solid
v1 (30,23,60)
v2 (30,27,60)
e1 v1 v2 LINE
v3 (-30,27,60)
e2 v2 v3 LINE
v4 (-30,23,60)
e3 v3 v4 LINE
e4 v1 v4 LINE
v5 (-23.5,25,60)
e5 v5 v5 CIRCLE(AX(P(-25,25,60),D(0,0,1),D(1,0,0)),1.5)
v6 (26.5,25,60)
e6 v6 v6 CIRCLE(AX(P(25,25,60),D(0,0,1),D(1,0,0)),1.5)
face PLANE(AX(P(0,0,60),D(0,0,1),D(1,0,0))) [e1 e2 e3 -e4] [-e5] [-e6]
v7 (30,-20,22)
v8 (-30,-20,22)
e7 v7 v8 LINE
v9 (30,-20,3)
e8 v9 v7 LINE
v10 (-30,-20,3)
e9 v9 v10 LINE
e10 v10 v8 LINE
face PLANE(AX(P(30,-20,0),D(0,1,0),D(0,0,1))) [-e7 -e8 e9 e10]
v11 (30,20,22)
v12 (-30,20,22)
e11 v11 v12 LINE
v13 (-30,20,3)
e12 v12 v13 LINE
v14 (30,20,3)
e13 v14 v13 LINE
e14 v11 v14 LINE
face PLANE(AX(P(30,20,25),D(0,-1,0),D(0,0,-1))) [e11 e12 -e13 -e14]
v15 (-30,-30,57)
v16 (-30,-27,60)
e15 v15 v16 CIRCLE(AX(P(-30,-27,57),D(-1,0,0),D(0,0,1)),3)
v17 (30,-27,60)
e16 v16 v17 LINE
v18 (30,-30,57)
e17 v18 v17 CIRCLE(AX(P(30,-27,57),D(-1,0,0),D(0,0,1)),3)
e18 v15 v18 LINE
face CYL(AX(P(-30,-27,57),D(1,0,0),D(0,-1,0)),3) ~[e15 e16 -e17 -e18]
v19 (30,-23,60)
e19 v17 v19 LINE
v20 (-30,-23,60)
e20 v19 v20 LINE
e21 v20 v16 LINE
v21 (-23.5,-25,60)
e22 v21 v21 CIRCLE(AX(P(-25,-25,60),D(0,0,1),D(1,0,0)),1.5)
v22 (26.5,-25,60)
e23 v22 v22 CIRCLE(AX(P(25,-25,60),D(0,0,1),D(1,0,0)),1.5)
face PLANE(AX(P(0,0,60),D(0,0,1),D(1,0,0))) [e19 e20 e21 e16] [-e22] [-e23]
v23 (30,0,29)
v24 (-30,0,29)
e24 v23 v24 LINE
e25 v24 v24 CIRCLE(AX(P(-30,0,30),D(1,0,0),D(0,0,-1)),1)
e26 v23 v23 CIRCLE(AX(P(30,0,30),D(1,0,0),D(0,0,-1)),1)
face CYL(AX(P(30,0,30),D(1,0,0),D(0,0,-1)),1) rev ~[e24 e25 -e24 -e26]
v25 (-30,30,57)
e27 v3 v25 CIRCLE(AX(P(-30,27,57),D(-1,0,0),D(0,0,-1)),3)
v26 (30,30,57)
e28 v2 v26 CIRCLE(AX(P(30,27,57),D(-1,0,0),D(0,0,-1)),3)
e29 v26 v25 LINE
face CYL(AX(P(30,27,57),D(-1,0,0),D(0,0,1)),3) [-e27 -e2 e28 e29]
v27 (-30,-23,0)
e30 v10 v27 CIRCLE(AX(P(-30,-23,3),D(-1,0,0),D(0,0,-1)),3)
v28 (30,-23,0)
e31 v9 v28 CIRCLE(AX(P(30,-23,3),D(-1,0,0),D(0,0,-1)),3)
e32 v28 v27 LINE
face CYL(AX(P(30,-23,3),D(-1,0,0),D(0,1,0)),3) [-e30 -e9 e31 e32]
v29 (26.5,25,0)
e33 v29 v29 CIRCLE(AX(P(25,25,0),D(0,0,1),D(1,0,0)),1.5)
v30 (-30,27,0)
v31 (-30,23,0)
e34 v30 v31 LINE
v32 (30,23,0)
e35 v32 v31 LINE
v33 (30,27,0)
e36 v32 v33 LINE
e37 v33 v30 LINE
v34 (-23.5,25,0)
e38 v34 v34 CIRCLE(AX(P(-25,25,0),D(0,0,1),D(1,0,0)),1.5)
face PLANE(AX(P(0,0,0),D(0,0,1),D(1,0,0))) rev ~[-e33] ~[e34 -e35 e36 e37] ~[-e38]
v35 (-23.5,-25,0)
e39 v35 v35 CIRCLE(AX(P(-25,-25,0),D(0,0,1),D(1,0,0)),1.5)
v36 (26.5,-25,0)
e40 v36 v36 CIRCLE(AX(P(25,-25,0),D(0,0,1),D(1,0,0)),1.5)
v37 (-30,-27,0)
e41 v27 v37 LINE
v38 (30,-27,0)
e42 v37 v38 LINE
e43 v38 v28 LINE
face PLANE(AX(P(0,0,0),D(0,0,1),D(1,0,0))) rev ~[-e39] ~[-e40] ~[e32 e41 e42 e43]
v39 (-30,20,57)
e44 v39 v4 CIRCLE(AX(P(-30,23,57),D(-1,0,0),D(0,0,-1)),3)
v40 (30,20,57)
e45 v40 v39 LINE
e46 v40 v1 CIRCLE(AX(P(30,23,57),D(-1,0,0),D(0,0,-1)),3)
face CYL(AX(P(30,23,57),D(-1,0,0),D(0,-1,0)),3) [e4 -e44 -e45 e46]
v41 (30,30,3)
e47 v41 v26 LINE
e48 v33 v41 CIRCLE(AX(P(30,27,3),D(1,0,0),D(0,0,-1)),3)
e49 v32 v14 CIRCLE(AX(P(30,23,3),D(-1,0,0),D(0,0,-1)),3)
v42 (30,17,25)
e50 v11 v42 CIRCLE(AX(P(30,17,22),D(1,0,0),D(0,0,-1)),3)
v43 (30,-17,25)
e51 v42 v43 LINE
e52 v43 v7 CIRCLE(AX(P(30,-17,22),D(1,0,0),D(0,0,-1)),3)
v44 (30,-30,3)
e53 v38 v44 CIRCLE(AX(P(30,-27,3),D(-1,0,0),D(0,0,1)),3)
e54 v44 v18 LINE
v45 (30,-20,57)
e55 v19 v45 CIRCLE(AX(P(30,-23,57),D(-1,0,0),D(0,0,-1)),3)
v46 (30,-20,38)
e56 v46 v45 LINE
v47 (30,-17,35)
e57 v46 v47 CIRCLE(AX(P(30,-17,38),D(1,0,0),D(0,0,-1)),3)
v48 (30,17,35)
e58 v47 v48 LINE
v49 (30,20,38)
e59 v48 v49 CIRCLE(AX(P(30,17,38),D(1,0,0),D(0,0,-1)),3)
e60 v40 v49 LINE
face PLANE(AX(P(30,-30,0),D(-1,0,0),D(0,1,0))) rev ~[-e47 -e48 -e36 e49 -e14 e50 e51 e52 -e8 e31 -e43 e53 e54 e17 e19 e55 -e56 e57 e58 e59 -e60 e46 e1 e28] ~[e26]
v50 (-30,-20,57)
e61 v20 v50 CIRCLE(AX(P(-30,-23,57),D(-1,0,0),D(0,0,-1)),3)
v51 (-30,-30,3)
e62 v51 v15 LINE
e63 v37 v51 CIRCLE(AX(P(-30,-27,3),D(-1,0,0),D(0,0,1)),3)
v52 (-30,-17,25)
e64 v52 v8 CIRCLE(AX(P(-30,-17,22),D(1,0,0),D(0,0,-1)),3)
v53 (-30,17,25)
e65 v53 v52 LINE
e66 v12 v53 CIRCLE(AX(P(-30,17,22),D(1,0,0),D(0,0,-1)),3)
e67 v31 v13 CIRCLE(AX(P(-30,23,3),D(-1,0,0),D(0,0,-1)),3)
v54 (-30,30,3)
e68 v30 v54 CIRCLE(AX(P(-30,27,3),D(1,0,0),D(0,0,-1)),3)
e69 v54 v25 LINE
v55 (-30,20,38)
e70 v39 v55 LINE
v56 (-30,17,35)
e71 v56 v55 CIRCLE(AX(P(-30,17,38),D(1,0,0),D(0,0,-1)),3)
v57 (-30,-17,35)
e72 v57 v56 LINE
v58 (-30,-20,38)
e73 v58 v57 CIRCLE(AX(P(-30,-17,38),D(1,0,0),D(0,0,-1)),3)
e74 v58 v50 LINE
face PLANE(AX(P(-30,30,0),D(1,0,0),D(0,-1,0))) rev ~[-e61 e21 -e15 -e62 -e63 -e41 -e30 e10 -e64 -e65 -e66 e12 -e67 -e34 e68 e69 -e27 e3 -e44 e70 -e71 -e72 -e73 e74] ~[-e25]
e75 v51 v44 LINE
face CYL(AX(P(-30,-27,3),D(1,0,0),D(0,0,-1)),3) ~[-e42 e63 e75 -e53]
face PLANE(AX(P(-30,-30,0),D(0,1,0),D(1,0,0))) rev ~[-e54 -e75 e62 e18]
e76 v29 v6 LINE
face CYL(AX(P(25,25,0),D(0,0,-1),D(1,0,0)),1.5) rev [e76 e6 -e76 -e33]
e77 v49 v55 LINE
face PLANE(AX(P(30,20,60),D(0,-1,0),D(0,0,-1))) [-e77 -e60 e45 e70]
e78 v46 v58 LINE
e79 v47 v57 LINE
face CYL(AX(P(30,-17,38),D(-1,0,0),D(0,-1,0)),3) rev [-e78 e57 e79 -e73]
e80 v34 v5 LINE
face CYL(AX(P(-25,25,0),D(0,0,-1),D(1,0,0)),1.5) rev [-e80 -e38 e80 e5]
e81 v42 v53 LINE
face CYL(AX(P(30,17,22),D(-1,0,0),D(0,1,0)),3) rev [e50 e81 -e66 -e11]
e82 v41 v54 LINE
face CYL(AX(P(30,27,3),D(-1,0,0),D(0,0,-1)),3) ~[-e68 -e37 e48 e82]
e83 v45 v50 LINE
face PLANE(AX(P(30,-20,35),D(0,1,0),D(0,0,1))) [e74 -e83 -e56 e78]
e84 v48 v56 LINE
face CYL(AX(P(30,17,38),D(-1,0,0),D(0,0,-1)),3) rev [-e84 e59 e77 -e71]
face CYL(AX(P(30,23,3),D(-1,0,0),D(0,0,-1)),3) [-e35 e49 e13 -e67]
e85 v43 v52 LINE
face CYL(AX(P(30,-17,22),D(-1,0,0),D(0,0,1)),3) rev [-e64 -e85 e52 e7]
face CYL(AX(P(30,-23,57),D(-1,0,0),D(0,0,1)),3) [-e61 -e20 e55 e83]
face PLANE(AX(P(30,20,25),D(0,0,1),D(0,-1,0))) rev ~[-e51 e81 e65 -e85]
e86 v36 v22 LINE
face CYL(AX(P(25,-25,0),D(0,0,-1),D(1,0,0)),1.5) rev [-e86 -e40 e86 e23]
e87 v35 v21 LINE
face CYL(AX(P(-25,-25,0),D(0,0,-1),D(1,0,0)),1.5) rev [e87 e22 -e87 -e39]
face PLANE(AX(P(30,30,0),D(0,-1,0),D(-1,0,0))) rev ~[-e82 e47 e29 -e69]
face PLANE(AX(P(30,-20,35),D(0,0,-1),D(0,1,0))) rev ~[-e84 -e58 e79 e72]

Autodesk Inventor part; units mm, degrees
ref_plane "YZ Plane" through (0, 0, 0) normal (1, 0, 0) x (0, 1, 0)
ref_plane "XZ Plane" through (0, 0, 0) normal (0, 1, 0) x (-1, 0, 0)
ref_plane "XY Plane" through (0, 0, 0) normal (0, 0, 1) x (1, 0, 0)
sketch "Sketch1" plane through (0, 0, 0) normal (0, 0, 1) x (1, 0, 0)
  line L0 (-30, -30) -> (30, -30)
  line L1 (30, -30) -> (30, 30)
  line L2 (30, 30) -> (-30, 30)
  line L3 (-30, 30) -> (-30, -30)
  line L4 (-30, -30) -> (30, 30) construction
  line L5 (30, -30) -> (-30, 30) construction
  line L6 (30, 30) -> (25, 30) construction
  line L7 (25, 30) -> (25, 25) construction
  line L8 (-30, 30) -> (-25, 30) construction
  line L9 (-25, 30) -> (-25, 25) construction
  line L10 (-30, -30) -> (-30, -25) construction
  line L11 (-30, -25) -> (-25, -25) construction
  line L12 (30, -30) -> (30, -25) construction
  line L13 (30, -25) -> (25, -25) construction
  circle A0 centre (-25, 25) radius 1.5
  circle A1 centre (25, 25) radius 1.5
  circle A2 centre (25, -25) radius 1.5
  circle A3 centre (-25, -25) radius 1.5
  point P0 (0, 0)
  dimension "d0" = 60
  dimension "d1" = 60
  dimension "d2" = 5
  dimension "d3" = 5
  dimension "d4" = 5
  dimension "d5" = 5
  dimension "d6" = 5
  dimension "d7" = 5
  dimension "d8" = 5
  dimension "d9" = 5
  dimension "d10" = 3
  dimension "d11" = 3
  dimension "d12" = 3
  dimension "d13" = 3
extrude "Block" add sketch "Sketch1" along normal blind 60
sketch "Sketch2" plane through (30, -30, 0) normal (1, 0, 0) x (0, 0, -1)
  line L0 (0, 0) -> (0, 60) construction
  line L1 (-60, 0) -> (0, 60) construction
  circle A0 centre (-30, 30) radius 1
  point P0 (0, 30)
  dimension "d17" = 2
extrude "Motor Mount" cut sketch "Sketch2" against normal blind 60
sketch "Sketch3" plane through (30, -30, 0) normal (1, 0, 0) x (0, 0, -1)
  line L0 (0, 60) -> (-60, 60) construction
  line L1 (-60, 60) -> (-60, 50) construction
  line L2 (-60, 60) -> (-60, 0) construction
  line L3 (-60, 50) -> (0, 50) construction
  line L4 (0, 60) -> (0, 0) construction
  line L5 (-60, 0) -> (-60, 10) construction
  line L6 (-60, 10) -> (0, 10) construction
  circle A0 centre (-30, 30) radius 1 construction
  line L7 (-30, 30) -> (-25, 30) construction
  line L8 (-30, 30) -> (-35, 30) construction
  line L9 (-35, 30) -> (-35, 10) construction
  line L10 (-25, 30) -> (-25, 10) construction
  line L11 (-25, 30) -> (-25, 50) construction
  line L12 (-35, 30) -> (-35, 50) construction
  line L13 (-60, 50) -> (-35, 50)
  line L14 (-35, 10) -> (-60, 10)
  line L15 (-35, 10) -> (-35, 50)
  line L16 (-25, 50) -> (-25, 10)
  line L17 (0, 10) -> (-25, 10)
  line L18 (-25, 50) -> (0, 50)
  line L19 (0, 50) -> (0, 10)
  line L20 (-60, 10) -> (-60, 50)
  point P0 (0, 30)
  dimension "d20" = 10
  dimension "d21" = 10
  dimension "d22" = 5
  dimension "d23" = 5
extrude "Plastic Savings" cut sketch "Sketch3" against normal blind 60
fillet "Fillets FTW" radius 3 12 edges at (0, -30, 60) (0, -20, 60) (0, 30, 60) (0, 20, 60) (0, 20, 35) (0, -20, 35) (0, -20, 0) (0, -30, 0) (0, -20, 25) (0, 20, 25) (0, 30, 0) (0, 20, 0)
properties part number "60x60IdlerNoMotor"
